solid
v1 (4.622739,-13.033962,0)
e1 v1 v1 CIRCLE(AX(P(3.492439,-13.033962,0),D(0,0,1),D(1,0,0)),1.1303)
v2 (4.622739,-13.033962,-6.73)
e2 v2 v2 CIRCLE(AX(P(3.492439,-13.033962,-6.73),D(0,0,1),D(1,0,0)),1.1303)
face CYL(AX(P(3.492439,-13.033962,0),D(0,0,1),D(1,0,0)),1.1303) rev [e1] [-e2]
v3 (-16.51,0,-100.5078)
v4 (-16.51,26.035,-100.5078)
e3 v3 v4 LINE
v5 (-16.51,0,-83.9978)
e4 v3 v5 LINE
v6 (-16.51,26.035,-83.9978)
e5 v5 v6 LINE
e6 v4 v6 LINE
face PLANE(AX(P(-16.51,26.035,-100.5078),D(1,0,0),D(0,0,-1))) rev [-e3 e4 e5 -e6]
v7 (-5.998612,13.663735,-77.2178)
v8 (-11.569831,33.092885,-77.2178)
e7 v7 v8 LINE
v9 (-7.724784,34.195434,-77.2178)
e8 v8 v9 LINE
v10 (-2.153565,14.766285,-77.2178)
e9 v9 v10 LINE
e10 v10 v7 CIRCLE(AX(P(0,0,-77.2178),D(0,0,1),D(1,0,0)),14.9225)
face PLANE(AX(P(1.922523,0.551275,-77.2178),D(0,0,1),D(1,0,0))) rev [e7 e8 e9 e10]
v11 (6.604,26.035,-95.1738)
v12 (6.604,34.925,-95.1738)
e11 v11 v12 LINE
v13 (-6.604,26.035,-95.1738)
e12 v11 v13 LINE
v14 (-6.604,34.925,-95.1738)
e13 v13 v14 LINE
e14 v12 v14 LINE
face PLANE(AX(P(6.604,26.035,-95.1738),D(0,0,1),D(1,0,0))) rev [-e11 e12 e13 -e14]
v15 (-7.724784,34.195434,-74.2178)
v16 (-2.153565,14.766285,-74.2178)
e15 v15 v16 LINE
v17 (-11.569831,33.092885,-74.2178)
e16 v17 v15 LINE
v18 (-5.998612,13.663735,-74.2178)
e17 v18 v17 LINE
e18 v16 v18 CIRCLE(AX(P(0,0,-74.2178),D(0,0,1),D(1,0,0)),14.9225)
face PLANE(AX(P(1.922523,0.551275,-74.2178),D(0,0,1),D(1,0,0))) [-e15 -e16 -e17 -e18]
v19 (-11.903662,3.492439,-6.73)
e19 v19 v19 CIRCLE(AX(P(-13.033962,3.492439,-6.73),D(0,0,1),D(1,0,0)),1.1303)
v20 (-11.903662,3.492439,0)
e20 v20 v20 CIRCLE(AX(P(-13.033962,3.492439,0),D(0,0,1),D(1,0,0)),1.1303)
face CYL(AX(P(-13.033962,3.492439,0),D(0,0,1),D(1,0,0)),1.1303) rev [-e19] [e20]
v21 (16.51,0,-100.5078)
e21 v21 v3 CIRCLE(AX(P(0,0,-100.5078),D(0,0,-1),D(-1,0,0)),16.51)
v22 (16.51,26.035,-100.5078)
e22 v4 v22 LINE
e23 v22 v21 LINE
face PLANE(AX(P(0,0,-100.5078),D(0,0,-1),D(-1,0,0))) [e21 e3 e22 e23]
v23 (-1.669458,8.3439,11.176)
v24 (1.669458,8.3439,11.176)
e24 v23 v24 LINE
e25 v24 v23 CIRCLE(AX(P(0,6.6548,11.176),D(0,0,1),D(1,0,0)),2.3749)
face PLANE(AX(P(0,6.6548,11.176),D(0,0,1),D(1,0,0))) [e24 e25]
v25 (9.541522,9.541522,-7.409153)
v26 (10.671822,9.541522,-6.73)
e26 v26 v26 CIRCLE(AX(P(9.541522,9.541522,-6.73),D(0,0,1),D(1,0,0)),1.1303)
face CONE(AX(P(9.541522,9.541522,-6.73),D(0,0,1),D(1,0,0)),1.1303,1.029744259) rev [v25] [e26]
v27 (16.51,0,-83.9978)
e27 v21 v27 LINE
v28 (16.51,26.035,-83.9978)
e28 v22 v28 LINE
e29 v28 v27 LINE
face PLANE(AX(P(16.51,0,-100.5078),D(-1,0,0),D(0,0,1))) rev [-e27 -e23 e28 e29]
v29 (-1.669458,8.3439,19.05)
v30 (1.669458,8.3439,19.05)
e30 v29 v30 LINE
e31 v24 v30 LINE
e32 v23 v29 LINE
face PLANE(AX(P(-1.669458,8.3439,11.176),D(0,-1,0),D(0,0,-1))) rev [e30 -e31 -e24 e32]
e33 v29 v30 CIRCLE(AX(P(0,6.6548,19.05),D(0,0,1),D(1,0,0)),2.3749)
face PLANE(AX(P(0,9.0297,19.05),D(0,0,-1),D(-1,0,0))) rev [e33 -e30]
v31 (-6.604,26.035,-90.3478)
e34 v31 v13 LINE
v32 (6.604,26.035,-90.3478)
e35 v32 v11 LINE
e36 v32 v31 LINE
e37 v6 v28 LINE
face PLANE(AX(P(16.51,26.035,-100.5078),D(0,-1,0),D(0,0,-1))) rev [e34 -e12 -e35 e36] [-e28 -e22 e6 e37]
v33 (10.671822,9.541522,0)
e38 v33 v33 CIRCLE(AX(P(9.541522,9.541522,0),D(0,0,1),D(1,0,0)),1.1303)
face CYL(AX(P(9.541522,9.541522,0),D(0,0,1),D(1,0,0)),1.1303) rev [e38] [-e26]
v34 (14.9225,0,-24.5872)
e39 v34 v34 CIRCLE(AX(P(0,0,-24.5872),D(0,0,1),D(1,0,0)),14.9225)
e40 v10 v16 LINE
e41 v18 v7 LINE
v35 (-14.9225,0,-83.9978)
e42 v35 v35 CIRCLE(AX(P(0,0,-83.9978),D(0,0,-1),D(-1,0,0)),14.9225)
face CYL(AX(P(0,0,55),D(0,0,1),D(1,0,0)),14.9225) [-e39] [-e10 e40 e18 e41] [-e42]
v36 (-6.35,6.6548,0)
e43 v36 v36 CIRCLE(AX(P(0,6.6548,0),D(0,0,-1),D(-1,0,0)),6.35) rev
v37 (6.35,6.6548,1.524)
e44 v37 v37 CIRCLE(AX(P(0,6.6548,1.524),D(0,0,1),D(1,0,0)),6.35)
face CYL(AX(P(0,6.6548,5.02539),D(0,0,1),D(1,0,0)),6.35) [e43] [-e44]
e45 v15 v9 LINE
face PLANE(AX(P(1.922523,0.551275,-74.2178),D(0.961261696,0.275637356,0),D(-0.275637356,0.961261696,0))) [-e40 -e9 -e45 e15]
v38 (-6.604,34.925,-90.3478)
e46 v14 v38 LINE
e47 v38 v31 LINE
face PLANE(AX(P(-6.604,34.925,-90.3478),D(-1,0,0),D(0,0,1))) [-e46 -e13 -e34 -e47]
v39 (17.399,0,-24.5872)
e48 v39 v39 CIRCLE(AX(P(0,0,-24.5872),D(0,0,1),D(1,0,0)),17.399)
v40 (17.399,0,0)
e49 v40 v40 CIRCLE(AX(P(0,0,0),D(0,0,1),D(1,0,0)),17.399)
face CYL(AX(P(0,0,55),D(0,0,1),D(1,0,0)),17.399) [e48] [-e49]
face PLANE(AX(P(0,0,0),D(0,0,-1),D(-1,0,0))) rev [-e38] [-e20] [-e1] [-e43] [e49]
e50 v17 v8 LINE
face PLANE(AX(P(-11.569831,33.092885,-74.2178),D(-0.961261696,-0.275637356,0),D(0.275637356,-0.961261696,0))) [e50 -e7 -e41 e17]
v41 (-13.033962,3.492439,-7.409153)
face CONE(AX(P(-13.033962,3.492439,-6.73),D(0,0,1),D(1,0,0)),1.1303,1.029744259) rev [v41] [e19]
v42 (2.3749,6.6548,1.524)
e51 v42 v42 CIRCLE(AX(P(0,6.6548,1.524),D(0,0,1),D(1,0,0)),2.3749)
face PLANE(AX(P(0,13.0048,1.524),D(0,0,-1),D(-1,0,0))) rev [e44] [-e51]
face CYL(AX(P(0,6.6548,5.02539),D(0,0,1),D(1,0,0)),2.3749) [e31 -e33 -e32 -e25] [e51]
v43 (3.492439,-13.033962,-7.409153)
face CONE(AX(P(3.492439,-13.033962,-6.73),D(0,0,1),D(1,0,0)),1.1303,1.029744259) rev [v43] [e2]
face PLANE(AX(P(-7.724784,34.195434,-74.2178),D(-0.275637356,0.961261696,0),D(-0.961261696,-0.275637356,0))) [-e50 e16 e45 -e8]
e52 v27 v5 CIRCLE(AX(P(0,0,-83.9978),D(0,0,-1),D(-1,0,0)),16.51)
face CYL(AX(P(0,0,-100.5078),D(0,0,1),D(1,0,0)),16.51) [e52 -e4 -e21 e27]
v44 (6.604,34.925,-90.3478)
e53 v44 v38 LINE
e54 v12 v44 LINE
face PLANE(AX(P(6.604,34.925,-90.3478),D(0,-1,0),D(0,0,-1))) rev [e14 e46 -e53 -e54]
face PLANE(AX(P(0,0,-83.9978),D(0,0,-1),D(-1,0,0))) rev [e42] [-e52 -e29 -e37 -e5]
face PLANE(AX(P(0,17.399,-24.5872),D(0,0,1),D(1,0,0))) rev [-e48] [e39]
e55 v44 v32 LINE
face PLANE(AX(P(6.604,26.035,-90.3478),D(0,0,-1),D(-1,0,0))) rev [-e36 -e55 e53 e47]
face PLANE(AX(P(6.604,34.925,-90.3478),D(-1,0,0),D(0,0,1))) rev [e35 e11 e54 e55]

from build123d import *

# Parameters (mm, degrees)
BOSS_EXTRUDE1_DEPTH = 16.51
SKETCH4_W           = 4.826
SKETCH4_H           = 8.89
BOSS_EXTRUDE2_DEPTH = 6.604
CUT_EXTRUDE1_DEPTH  = 7.874
CIRPATTERN1_COUNT   = 3
BOSS_EXTRUDE3_START = -23.29
BOSS_EXTRUDE3_DEPTH = 3


with BuildPart() as part:
    # Sketch1 → Revolve1 (revolve)
    with BuildSketch(Plane(origin=(0, 0, 0), x_dir=(0, 0, -1), z_dir=(1, 0, 0))):
        Polygon((0, 0), (0, 17.399), (24.5872, 17.399), (24.5872, 14.9225), (83.9978, 14.9225), (83.9978, 0), align=None)
    revolve(axis=Axis((0, 0, 55), (0, 0, -1)))

    # Sketch3 → Boss-Extrude1 (add)
    with BuildSketch(Plane(origin=(0, 0, -83.9978), x_dir=(-1, 0, 0), z_dir=(0, 0, -1))):
        with BuildLine():
            Line((-16.51, 0), (-16.51, 26.035))
            Line((-16.51, 26.035), (16.51, 26.035))
            Line((16.51, 26.035), (16.51, 0))
            ThreePointArc((16.51, 0), (0, -16.51), (-16.51, 0))
        make_face()
    extrude(amount=BOSS_EXTRUDE1_DEPTH)

    # Sketch4 → Boss-Extrude2 (add, symmetric)
    with BuildSketch(Plane(origin=(0, 0, 0), x_dir=(0, 0, -1), z_dir=(1, 0, 0))):
        with Locations((92.7608, 30.48)):
            Rectangle(SKETCH4_W, SKETCH4_H)
    extrude(amount=BOSS_EXTRUDE2_DEPTH, both=True)

    # Sketch5 → Revolve2 (revolve)
    with BuildSketch(Plane(origin=(0, 0, 0), x_dir=(0, 0, -1), z_dir=(1, 0, 0))):
        Polygon((0, 13.0048), (-1.524, 13.0048), (-1.524, 9.0297), (-19.05, 9.0297), (-19.05, 6.6548), (0, 6.6548), align=None)
    revolve(axis=Axis((0, 6.6548, 5.02539), (0, 0, -1)))

    # Sketch6 → Cut-Extrude1 (cut)
    with BuildSketch(Plane.XY.offset(19.05)):
        with BuildLine():
            Line((-1.669458355, 8.3439), (1.669458355, 8.3439))
            ThreePointArc((1.669458355, 8.3439), (0, 9.0297), (-1.669458355, 8.3439))
        make_face()
    extrude(amount=-CUT_EXTRUDE1_DEPTH, mode=Mode.SUBTRACT)

    # Sketch7 → #4-40 Tapped Hole1 (revolve, cut)
    with BuildSketch(Plane(origin=(3.49243949, -13.033961618, 0), x_dir=(0, -1, 0), z_dir=(1, 0, 0))):
        Polygon((0, 0), (0, 7.409152758), (1.1303, 6.73), (1.1303, 0), align=None)
    f_4_40_tapped_hole1 = revolve(axis=Axis((3.49243949, -13.033961618, 6.35), (0, 0, -1)), mode=Mode.SUBTRACT)

    # CirPattern1: #4-40 Tapped Hole1 ×3 about axis
    cirpattern1_axis = Axis((0, 0, 0), (0, 0, 1))
    for i in range(1, CIRPATTERN1_COUNT):
        add(f_4_40_tapped_hole1.rotate(cirpattern1_axis, i * 360 / CIRPATTERN1_COUNT), mode=Mode.SUBTRACT)

    # Sketch9 → Boss-Extrude3 (add)
    with BuildSketch(Plane(origin=(0, 0, -100.5078), x_dir=(-1, 0, 0), z_dir=(0, 0, -1)).offset(BOSS_EXTRUDE3_START)):
        Polygon((0, 0), (-1.922523392, 0.551274712), (7.724784062, 34.195434069), (11.569830845, 33.092884646), (1.922523392, -0.551274712), align=None)
    extrude(amount=-BOSS_EXTRUDE3_DEPTH)


solid = part.part
